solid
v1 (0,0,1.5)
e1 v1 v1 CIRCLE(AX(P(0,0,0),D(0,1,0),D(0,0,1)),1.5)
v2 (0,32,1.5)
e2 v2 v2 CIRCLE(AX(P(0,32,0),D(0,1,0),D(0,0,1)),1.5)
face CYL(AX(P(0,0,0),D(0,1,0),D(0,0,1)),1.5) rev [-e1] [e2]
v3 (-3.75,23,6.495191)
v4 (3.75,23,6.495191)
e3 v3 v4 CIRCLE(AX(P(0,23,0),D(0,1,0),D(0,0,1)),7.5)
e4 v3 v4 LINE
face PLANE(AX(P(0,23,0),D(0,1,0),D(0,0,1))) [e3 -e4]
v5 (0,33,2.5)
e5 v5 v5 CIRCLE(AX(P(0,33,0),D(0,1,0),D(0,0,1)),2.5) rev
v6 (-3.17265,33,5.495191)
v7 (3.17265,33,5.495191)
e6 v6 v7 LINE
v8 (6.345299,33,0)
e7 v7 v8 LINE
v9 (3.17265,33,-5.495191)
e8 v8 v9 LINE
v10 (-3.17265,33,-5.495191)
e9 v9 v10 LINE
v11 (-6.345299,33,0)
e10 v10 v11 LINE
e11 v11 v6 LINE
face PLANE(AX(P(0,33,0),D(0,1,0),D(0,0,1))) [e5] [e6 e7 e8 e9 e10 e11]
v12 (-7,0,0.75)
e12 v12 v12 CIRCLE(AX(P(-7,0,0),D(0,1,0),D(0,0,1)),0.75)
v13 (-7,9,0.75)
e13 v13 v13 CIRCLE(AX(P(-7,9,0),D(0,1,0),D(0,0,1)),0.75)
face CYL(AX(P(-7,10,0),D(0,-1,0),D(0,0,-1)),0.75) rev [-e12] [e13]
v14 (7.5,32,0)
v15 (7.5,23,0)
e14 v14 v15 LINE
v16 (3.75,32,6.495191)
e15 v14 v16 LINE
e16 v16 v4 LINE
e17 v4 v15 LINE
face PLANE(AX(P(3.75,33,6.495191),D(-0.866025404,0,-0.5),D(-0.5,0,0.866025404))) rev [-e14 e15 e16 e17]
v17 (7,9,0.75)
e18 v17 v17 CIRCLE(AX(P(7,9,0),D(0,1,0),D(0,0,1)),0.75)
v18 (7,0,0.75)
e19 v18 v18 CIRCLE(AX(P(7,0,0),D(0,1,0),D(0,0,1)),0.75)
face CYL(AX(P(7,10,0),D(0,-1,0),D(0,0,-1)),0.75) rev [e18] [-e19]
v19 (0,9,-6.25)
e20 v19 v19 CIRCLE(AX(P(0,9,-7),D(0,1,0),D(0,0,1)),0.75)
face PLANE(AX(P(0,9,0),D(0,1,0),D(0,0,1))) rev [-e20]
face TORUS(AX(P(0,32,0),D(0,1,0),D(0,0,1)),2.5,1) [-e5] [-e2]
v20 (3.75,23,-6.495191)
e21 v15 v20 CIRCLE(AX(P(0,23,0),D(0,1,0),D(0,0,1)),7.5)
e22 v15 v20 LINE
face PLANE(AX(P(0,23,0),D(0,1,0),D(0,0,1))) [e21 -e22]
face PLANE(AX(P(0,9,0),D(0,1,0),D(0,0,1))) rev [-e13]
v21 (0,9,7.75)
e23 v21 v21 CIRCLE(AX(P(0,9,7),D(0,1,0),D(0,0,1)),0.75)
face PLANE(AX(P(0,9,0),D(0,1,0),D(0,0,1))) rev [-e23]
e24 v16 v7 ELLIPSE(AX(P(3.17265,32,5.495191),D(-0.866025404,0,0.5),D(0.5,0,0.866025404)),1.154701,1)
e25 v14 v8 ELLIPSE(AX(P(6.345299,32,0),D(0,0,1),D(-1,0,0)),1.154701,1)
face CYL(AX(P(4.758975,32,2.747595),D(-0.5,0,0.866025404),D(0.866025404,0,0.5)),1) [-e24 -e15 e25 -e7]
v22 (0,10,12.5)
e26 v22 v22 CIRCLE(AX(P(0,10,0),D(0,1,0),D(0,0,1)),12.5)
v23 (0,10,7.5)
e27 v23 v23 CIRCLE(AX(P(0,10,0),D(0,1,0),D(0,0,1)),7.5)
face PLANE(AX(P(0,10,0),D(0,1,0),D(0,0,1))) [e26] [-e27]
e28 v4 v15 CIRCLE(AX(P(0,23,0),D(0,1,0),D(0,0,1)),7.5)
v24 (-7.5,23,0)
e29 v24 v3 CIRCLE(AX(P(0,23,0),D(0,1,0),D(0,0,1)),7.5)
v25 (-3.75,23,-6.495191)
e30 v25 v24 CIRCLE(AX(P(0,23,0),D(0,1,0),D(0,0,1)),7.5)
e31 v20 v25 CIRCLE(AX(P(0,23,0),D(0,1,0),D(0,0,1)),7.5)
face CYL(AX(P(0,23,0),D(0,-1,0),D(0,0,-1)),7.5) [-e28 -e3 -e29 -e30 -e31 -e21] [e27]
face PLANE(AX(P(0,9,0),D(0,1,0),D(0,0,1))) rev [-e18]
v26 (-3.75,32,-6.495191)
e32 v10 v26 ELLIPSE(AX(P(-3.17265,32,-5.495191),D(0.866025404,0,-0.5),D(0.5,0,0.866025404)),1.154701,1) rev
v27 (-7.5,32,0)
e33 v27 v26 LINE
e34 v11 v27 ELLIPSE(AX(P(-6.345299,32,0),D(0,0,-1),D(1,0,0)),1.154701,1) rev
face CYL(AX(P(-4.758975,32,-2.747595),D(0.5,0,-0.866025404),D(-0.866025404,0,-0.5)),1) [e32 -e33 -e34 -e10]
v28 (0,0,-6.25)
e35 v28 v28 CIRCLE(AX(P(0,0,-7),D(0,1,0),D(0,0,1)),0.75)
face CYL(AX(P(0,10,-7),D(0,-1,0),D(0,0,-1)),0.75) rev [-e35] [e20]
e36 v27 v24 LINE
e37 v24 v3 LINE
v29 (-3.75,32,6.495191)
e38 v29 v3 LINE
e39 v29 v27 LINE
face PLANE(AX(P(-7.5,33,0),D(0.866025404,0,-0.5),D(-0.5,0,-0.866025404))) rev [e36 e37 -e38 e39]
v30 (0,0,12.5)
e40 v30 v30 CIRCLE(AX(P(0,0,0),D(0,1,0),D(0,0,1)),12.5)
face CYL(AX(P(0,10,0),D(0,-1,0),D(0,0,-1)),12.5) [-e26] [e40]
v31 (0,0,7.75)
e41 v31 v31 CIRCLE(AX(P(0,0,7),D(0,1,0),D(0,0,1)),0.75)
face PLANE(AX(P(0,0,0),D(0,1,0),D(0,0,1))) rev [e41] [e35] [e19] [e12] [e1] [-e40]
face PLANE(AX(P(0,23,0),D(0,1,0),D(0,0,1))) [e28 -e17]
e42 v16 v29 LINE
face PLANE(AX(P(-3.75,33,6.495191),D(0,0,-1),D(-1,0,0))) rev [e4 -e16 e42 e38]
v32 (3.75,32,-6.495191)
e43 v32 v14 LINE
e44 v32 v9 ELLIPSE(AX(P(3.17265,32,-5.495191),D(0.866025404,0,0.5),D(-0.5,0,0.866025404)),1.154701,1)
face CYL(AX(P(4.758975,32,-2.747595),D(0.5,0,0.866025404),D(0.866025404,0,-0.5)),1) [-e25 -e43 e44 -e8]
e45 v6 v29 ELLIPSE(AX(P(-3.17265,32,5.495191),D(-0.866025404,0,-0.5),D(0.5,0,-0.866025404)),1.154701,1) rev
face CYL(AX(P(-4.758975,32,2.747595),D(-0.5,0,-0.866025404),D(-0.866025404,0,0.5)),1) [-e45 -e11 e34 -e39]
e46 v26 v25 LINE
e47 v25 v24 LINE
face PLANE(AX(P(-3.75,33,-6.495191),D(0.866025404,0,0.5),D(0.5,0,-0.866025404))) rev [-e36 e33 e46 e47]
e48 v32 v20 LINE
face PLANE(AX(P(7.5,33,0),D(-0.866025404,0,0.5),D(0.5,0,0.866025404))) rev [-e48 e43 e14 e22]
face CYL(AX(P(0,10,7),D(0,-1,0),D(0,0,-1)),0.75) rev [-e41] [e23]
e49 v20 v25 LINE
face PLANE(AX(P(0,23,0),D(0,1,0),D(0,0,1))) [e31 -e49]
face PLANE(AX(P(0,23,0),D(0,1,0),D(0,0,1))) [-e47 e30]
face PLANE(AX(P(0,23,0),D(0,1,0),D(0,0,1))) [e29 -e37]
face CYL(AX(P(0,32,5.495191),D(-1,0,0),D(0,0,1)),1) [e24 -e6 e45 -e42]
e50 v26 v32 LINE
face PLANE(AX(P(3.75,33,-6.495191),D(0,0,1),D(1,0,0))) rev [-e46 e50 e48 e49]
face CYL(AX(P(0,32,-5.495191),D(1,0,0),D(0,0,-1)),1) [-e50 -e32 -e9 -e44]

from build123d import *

# Parameters (mm, degrees)
CROQUIS1_R              = 12.5
CROQUIS1_R_2            = 0.75
SALIENTE_EXTRUIR1_DEPTH = 10
CROQUIS2_R              = 7.5
SALIENTE_EXTRUIR2_DEPTH = 13
SALIENTE_EXTRUIR4_START = -1
CROQUIS5_R              = 12.5
SALIENTE_EXTRUIR4_DEPTH = 1
SALIENTE_EXTRUIR3_DEPTH = 10
CROQUIS4_R              = 1.5
CORTAR_EXTRUIR1_DEPTH   = 38.436613095
REDONDEO1_R             = 1


with BuildPart() as part:
    # Croquis1 → Saliente-Extruir1 (new body)
    with BuildSketch(Plane(origin=(0, 0, 0), x_dir=(1, 0, 0), z_dir=(0, 1, 0))):
        with Locations(Location((0, 0, 0), (0, 0, 270))):
            Circle(CROQUIS1_R)
        with Locations(Location((7, 0, 0), (0, 0, 270))):
            Circle(CROQUIS1_R_2, mode=Mode.SUBTRACT)
        with Locations(Location((0, -7, 0), (0, 0, 270))):
            Circle(CROQUIS1_R_2, mode=Mode.SUBTRACT)
        with Locations(Location((-7, 0, 0), (0, 0, 270))):
            Circle(CROQUIS1_R_2, mode=Mode.SUBTRACT)
        with Locations(Location((0, 7, 0), (0, 0, 270))):
            Circle(CROQUIS1_R_2, mode=Mode.SUBTRACT)
    extrude(amount=SALIENTE_EXTRUIR1_DEPTH)

    # Croquis2 → Saliente-Extruir2 (add)
    with BuildSketch(Plane(origin=(0, 10, 0), x_dir=(1, 0, 0), z_dir=(0, 1, 0))):
        with Locations(Location((0, 0, 0), (0, 0, 94.421562439))):
            Circle(CROQUIS2_R)
    extrude(amount=SALIENTE_EXTRUIR2_DEPTH)

    # Croquis5 → Saliente-Extruir4 (add)
    with BuildSketch(Plane(origin=(0, 10, 0), x_dir=(1, 0, 0), z_dir=(0, 1, 0)).offset(SALIENTE_EXTRUIR4_START)):
        with Locations(Location((0, 0, 0), (0, 0, 270))):
            Circle(CROQUIS5_R)
    extrude(amount=SALIENTE_EXTRUIR4_DEPTH)

    # Croquis3 → Saliente-Extruir3 (add)
    with BuildSketch(Plane(origin=(0, 23, 0), x_dir=(1, 0, 0), z_dir=(0, 1, 0))):
        Polygon((7.5, 0), (3.75, 6.495190528), (-3.75, 6.495190528), (-7.5, 0), (-3.75, -6.495190528), (3.75, -6.495190528), align=None)
    extrude(amount=SALIENTE_EXTRUIR3_DEPTH)

    # Croquis4 → Cortar-Extruir1 (cut, through all)
    with BuildSketch(Plane(origin=(0, 33, 0), x_dir=(1, 0, 0), z_dir=(0, 1, 0))):
        with Locations(Location((0, 0, 0), (0, 0, 270))):
            Circle(CROQUIS4_R)
    extrude(amount=-CORTAR_EXTRUIR1_DEPTH, mode=Mode.SUBTRACT)

    # Redondeo1
    redondeo1_edges = [part.edges().sort_by_distance(p)[0] for p in [
        (5.625, 33, 3.247595264),
        (5.625, 33, -3.247595264),
        (0, 33, -6.495190528),
        (-5.625, 33, -3.247595264),
        (-5.625, 33, 3.247595264),
        (0, 33, 6.495190528),
        (0, 33, -1.5),
    ]]
    fillet(redondeo1_edges, radius=REDONDEO1_R)


solid = part.part
